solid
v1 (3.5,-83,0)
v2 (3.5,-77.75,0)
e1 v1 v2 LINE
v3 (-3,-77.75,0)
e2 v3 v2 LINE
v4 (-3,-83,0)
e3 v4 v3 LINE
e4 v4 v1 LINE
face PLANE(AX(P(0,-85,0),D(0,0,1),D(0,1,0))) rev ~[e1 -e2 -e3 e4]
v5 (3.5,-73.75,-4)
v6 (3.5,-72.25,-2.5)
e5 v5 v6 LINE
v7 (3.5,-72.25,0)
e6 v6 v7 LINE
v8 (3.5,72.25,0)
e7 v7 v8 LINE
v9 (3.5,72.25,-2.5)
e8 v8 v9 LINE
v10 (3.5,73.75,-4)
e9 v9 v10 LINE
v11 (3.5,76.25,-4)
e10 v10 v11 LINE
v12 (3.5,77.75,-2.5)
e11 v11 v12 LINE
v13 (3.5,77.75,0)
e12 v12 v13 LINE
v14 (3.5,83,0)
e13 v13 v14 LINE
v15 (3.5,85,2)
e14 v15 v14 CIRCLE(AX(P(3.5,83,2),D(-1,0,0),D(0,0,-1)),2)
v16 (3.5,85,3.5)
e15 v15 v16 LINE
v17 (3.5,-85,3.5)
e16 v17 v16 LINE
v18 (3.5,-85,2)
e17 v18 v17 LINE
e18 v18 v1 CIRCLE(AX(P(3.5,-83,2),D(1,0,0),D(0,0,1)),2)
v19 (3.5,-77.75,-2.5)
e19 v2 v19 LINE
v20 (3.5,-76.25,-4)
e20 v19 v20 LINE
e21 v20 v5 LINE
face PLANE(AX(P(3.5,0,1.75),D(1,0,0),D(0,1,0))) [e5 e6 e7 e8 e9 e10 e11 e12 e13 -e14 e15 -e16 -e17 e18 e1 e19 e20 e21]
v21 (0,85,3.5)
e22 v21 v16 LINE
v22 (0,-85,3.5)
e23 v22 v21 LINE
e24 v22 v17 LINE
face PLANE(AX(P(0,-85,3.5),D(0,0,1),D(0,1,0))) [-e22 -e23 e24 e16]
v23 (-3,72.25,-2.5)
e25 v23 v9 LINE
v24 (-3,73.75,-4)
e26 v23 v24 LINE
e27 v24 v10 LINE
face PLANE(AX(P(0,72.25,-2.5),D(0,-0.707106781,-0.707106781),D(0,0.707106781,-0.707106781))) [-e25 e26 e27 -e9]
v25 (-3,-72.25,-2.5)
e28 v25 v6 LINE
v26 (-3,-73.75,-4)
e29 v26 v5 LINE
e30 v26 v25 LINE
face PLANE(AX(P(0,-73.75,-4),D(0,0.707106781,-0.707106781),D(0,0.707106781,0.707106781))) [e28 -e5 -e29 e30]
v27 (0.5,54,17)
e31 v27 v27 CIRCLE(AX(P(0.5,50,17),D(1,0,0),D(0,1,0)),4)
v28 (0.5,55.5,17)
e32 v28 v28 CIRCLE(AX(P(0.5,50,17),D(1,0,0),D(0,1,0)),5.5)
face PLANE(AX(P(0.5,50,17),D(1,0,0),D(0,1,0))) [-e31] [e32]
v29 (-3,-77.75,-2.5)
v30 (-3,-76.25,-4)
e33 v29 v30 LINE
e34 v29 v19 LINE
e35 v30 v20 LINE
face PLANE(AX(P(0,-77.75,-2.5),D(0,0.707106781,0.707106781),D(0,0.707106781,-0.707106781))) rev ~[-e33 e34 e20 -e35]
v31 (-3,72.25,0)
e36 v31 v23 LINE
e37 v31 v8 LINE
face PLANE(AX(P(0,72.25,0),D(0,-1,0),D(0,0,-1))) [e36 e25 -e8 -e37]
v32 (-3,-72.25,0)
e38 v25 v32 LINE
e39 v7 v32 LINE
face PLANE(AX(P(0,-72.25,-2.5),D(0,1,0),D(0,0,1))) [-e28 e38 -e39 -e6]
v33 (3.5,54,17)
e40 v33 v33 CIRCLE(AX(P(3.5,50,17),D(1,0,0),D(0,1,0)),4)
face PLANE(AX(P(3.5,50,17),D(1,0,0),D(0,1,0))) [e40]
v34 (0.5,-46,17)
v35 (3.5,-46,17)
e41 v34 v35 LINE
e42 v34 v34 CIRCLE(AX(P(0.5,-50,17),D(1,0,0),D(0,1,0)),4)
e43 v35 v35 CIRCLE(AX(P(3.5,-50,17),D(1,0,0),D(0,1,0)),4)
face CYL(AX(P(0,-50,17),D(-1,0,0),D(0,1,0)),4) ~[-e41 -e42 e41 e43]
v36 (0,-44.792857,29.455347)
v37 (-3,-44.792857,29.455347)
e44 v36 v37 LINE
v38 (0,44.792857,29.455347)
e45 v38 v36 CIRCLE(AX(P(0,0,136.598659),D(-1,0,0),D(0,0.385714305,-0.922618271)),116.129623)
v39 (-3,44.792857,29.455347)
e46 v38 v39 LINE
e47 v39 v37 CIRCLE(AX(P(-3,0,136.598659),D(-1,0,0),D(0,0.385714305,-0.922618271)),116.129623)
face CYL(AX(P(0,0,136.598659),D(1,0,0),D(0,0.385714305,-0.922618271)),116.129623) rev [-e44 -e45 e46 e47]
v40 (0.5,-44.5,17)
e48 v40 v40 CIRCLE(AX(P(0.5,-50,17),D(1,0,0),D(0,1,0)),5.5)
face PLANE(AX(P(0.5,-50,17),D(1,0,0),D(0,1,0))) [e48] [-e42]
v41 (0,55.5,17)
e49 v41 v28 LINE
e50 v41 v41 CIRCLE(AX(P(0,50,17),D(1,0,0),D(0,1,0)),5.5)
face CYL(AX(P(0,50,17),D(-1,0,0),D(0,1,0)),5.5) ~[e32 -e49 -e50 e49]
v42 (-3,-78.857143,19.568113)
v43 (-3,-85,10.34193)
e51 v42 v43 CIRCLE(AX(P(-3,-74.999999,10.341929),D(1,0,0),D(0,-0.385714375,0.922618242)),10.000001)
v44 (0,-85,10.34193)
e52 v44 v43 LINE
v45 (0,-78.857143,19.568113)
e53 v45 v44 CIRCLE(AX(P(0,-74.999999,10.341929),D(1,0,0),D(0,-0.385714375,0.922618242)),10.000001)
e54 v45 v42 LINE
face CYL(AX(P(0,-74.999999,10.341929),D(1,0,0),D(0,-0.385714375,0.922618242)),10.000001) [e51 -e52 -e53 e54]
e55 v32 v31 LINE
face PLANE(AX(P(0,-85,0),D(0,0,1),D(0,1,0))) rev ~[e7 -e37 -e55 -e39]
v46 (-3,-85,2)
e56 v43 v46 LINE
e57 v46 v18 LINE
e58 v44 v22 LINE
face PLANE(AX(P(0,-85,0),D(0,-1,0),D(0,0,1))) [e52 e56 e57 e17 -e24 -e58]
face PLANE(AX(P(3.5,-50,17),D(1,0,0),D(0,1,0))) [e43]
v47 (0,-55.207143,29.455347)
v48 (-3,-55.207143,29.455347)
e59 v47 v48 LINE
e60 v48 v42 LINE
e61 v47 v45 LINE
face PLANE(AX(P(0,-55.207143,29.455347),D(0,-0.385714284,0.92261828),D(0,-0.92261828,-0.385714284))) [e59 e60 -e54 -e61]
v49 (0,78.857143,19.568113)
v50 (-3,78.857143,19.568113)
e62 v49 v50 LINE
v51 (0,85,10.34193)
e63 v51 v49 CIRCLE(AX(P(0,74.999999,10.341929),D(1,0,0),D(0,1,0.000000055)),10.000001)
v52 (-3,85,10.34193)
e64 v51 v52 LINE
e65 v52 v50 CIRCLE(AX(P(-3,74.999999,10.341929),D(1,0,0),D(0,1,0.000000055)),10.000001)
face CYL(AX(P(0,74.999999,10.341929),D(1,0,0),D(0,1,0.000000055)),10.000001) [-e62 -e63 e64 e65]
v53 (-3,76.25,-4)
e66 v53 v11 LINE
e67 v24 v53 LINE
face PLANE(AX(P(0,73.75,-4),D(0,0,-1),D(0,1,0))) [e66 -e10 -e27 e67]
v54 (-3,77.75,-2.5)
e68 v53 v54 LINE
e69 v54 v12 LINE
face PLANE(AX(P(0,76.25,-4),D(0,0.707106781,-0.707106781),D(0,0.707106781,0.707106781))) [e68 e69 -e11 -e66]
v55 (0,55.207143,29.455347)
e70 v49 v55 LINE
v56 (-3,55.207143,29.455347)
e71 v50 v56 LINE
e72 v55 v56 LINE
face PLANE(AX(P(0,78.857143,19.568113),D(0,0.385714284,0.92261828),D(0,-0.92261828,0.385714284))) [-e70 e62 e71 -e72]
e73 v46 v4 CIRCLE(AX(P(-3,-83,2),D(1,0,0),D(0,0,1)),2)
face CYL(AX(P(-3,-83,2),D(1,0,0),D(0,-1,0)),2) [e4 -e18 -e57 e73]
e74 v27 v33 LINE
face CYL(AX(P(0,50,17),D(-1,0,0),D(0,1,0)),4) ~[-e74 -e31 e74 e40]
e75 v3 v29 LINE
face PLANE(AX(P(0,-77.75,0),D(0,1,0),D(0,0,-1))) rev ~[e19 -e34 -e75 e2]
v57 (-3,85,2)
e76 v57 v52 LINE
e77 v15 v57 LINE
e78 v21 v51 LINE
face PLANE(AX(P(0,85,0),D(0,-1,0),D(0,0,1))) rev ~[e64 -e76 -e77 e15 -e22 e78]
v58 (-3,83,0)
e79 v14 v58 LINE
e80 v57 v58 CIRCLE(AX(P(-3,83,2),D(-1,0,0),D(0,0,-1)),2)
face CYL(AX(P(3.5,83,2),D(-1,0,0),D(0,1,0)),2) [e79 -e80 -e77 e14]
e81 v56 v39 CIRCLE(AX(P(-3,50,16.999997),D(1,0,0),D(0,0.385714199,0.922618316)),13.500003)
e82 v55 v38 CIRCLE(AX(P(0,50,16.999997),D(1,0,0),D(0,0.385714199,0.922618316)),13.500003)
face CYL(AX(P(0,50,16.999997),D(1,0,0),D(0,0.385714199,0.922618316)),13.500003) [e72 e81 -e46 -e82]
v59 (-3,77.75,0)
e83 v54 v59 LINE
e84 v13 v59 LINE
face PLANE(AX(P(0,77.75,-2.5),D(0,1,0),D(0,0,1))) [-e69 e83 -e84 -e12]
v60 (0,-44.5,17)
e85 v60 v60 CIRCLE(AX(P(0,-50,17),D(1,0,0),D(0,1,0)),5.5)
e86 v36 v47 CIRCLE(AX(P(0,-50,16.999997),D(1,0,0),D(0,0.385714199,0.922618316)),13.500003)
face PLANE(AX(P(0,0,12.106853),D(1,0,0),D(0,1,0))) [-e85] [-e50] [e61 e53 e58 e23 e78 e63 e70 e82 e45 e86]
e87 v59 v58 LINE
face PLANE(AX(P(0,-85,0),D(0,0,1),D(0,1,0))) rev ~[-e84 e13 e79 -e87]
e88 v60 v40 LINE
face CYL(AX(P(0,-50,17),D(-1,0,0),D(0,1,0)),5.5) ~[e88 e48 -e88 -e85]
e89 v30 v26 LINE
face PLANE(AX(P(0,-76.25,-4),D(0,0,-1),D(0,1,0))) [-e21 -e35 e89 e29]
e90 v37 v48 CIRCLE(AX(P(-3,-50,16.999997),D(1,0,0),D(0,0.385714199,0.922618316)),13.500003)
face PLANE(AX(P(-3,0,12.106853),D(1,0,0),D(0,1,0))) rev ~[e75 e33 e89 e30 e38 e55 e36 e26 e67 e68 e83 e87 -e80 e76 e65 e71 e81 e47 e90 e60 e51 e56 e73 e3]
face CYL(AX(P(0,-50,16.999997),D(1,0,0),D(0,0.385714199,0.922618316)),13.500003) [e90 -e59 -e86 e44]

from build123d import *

# Parameters (mm, degrees)
F1_DEPTH = 3
F2_W     = 170
F2_H     = 3.5
F2_R     = 4
F3_DEPTH = 3.5
F4_R     = 5.5
F4_R_2   = 4
F5_DEPTH = 0.5
F6_R     = 2


with BuildPart() as f1:
    # F0 (on Right) → F1 (new body)
    with BuildSketch(Plane.YZ):
        with BuildLine():
            ThreePointArc((-78.857143, 19.568113), (-83.323804, 15.883977), (-85, 10.34193))
            Line((-85, 10.34193), (-85, 0))
            Line((-85, 0), (-77.75, 0))
            Line((-77.75, 0), (-72.25, 0))
            Line((-72.25, 0), (72.25, 0))
            Line((72.25, 0), (77.75, 0))
            Line((77.75, 0), (85, 0))
            Line((85, 0), (85, 10.34193))
            ThreePointArc((85, 10.34193), (83.323804, 15.883977), (78.857143, 19.568113))
            Line((78.857143, 19.568113), (55.207143, 29.455347))
            ThreePointArc((55.207143, 29.455347), (50, 30.5), (44.792857, 29.455347))
            ThreePointArc((44.792857, 29.455347), (0, 20.469036), (-44.792857, 29.455347))
            ThreePointArc((-44.792857, 29.455347), (-50, 30.5), (-55.207143, 29.455347))
            Line((-55.207143, 29.455347), (-78.857143, 19.568113))
        make_face()
        Polygon((-72.25, 0), (-77.75, 0), (-77.75, -2.5), (-76.25, -4), (-73.75, -4), (-72.25, -2.5), align=None)
        Polygon((77.75, 0), (72.25, 0), (72.25, -2.5), (73.75, -4), (76.25, -4), (77.75, -2.5), align=None)
    extrude(amount=-F1_DEPTH)

    # F2 (on face) + F0 (on Right) → F3 (join)
    with BuildSketch(Plane.YZ):
        with Locations((0, 1.75)):
            Rectangle(F2_W, F2_H)
        with Locations((-50, 17)):
            Circle(F2_R)
        with Locations((50, 17)):
            Circle(F2_R)
    with BuildSketch(Plane.YZ):
        Polygon((-72.25, 0), (-77.75, 0), (-77.75, -2.5), (-76.25, -4), (-73.75, -4), (-72.25, -2.5), align=None)
        Polygon((77.75, 0), (72.25, 0), (72.25, -2.5), (73.75, -4), (76.25, -4), (77.75, -2.5), align=None)
    extrude(amount=F3_DEPTH)

    # F4 (on Right) → F5 (join)
    with BuildSketch(Plane.YZ):
        with Locations((-50, 17)):
            Circle(F4_R)
        with Locations((-50, 17)):
            Circle(F4_R_2, mode=Mode.SUBTRACT)
        with Locations((50, 17)):
            Circle(F4_R)
        with Locations((50, 17)):
            Circle(F4_R_2, mode=Mode.SUBTRACT)
    extrude(amount=F5_DEPTH)

    # F6
    f6_edges = [f1.edges().sort_by_distance(p)[0] for p in [
        (0.25, -85, 0),
        (0.25, 85, 0),
    ]]
    fillet(f6_edges, radius=F6_R)


solid = f1.part
